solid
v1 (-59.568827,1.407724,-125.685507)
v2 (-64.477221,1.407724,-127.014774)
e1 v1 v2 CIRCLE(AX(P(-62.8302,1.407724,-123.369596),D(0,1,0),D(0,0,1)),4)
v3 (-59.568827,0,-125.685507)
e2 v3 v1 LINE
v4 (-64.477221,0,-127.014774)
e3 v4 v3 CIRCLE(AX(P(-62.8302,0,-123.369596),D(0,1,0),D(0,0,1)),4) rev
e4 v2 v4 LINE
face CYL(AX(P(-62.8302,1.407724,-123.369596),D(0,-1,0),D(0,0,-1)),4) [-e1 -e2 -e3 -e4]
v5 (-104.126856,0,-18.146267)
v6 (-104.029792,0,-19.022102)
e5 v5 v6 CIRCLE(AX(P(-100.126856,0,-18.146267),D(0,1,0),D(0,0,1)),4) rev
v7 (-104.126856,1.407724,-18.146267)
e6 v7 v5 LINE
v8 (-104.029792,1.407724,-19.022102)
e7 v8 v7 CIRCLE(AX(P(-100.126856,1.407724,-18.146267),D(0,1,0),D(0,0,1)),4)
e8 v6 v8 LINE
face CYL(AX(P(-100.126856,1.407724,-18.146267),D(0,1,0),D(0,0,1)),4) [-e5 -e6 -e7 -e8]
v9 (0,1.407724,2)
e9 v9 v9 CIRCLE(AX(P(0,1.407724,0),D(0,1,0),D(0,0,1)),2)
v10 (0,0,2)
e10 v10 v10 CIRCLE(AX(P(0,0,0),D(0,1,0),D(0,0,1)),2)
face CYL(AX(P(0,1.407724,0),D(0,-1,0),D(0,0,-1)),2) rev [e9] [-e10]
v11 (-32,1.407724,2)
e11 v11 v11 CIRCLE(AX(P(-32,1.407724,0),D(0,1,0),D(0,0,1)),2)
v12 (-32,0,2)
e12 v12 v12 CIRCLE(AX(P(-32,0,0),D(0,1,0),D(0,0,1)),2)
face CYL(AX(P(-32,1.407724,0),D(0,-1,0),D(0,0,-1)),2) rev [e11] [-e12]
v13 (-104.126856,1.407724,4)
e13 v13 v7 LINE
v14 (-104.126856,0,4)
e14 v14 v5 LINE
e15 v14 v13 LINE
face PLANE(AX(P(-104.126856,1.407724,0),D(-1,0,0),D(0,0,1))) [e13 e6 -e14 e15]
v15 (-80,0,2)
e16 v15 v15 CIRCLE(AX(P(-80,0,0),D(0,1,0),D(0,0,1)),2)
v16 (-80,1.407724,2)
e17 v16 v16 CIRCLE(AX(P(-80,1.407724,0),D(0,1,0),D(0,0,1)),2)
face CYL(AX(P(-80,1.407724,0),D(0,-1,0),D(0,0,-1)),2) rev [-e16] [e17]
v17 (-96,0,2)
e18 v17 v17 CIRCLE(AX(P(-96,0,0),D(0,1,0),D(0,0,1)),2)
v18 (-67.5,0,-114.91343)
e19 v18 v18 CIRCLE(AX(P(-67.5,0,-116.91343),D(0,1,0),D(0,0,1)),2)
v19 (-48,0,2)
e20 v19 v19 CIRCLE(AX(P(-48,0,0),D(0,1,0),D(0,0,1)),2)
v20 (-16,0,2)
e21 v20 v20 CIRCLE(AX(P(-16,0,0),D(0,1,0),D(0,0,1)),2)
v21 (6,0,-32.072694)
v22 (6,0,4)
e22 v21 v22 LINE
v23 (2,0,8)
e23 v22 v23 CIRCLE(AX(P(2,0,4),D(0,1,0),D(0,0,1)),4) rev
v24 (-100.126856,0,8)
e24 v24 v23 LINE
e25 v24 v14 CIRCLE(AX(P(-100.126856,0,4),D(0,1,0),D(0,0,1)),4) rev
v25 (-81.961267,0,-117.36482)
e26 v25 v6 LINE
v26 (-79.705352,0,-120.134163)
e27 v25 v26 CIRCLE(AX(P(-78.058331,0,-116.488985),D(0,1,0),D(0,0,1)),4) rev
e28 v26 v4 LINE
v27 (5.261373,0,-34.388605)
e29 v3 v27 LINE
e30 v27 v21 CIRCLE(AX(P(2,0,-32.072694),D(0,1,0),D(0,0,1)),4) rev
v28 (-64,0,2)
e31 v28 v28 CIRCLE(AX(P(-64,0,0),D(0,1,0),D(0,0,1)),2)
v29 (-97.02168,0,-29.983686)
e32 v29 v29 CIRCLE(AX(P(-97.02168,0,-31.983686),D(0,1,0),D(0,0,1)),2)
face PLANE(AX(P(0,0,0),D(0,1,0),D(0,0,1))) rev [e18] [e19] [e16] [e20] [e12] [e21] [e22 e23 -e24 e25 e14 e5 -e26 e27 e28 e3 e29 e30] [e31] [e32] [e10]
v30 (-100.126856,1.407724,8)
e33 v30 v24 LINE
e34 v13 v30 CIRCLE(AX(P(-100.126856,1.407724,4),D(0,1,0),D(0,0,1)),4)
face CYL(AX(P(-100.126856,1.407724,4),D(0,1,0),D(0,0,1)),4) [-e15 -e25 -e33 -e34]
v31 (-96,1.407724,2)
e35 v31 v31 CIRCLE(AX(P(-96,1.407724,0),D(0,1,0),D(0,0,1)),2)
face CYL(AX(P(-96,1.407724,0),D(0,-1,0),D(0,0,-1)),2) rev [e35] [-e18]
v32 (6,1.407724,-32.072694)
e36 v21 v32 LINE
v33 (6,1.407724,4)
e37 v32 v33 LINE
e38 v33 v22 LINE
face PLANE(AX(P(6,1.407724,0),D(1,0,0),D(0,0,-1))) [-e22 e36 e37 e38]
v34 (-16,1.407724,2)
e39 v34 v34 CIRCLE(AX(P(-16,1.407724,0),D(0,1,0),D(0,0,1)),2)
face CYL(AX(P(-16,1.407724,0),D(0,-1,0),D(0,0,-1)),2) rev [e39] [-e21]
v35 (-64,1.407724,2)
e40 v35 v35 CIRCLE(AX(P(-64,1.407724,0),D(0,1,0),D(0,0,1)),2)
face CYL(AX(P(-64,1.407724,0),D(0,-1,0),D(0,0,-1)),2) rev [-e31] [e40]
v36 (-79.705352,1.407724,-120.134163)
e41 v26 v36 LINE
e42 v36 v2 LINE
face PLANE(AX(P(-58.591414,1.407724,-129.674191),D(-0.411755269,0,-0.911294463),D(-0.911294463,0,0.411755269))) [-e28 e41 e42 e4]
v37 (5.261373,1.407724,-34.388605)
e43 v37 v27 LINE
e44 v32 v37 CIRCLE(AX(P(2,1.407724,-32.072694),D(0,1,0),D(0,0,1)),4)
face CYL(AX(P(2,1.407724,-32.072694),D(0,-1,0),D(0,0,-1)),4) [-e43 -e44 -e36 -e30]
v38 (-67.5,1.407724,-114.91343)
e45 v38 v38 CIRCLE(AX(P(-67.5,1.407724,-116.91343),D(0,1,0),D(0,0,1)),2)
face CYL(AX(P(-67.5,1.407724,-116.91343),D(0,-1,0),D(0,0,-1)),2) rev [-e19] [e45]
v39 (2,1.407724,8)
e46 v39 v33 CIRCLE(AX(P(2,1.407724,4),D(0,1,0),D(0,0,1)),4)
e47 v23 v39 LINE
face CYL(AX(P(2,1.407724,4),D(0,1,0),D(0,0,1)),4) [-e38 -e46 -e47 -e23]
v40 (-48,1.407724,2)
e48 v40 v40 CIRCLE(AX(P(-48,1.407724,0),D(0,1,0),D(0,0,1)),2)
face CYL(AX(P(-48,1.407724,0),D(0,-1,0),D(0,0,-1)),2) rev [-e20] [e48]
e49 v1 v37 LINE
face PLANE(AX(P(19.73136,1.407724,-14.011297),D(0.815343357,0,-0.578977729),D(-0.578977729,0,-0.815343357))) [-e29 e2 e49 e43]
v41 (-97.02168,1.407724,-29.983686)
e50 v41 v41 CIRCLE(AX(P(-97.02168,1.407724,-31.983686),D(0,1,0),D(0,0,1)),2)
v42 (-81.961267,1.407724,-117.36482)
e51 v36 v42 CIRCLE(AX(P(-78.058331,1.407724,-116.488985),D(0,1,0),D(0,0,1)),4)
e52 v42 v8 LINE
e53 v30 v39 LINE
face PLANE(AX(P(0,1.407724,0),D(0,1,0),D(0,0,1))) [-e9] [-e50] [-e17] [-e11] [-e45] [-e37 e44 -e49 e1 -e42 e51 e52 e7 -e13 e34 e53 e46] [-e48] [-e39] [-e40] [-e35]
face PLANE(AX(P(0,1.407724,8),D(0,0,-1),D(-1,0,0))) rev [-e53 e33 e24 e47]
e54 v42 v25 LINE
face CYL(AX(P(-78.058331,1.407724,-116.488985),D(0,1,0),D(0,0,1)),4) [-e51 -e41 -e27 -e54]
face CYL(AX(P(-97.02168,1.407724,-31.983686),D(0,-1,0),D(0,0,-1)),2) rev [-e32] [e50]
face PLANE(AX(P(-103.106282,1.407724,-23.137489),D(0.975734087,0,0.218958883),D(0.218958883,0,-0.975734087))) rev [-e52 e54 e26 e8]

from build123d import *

# Parameters (mm, degrees)
SKETCH1_R           = 2
BOSS_EXTRUDE1_DEPTH = 1.4077243
FILLET2_R           = 4


with BuildPart() as part:
    # Sketch1 → Boss-Extrude1 (new body)
    with BuildSketch(Plane(origin=(0, 0, 0), x_dir=(1, 0, 0), z_dir=(0, 1, 0))):
        Polygon((6, -8), (6, 33.34843691), (-61.475760907, 128.370940703), (-81.524239093, 119.312324779), (-104.126855641, 18.58956294), (-104.126855641, -8), align=None)
        with Locations(Location((-96, 0, 0), (0, 0, 270))):
            Circle(SKETCH1_R, mode=Mode.SUBTRACT)
        with Locations(Location((-80, 0, 0), (0, 0, 270))):
            Circle(SKETCH1_R, mode=Mode.SUBTRACT)
        with Locations(Location((-64, 0, 0), (0, 0, 270))):
            Circle(SKETCH1_R, mode=Mode.SUBTRACT)
        with Locations(Location((-97.021679837, 31.983686003, 0), (0, 0, 270))):
            Circle(SKETCH1_R, mode=Mode.SUBTRACT)
        with Locations(Location((-48, 0, 0), (0, 0, 270))):
            Circle(SKETCH1_R, mode=Mode.SUBTRACT)
        with Locations(Location((-32, 0, 0), (0, 0, 270))):
            Circle(SKETCH1_R, mode=Mode.SUBTRACT)
        with Locations(Location((-16, 0, 0), (0, 0, 270))):
            Circle(SKETCH1_R, mode=Mode.SUBTRACT)
        with Locations(Location((0, 0, 0), (0, 0, 270))):
            Circle(SKETCH1_R, mode=Mode.SUBTRACT)
        with Locations(Location((-67.5, 116.913429511, 0), (0, 0, 270))):
            Circle(SKETCH1_R, mode=Mode.SUBTRACT)
    extrude(amount=BOSS_EXTRUDE1_DEPTH)

    # Fillet2
    fillet2_edges = [part.edges().sort_by_distance(p)[0] for p in [
        (6, 0.70386215, 8),
        (-104.126855641, 0.70386215, 8),
        (-104.126855641, 0.70386215, -18.58956294),
        (-81.524239093, 0.70386215, -119.312324779),
        (-61.475760907, 0.70386215, -128.370940703),
        (6, 0.70386215, -33.34843691),
    ]]
    fillet(fillet2_edges, radius=FILLET2_R)


solid = part.part
